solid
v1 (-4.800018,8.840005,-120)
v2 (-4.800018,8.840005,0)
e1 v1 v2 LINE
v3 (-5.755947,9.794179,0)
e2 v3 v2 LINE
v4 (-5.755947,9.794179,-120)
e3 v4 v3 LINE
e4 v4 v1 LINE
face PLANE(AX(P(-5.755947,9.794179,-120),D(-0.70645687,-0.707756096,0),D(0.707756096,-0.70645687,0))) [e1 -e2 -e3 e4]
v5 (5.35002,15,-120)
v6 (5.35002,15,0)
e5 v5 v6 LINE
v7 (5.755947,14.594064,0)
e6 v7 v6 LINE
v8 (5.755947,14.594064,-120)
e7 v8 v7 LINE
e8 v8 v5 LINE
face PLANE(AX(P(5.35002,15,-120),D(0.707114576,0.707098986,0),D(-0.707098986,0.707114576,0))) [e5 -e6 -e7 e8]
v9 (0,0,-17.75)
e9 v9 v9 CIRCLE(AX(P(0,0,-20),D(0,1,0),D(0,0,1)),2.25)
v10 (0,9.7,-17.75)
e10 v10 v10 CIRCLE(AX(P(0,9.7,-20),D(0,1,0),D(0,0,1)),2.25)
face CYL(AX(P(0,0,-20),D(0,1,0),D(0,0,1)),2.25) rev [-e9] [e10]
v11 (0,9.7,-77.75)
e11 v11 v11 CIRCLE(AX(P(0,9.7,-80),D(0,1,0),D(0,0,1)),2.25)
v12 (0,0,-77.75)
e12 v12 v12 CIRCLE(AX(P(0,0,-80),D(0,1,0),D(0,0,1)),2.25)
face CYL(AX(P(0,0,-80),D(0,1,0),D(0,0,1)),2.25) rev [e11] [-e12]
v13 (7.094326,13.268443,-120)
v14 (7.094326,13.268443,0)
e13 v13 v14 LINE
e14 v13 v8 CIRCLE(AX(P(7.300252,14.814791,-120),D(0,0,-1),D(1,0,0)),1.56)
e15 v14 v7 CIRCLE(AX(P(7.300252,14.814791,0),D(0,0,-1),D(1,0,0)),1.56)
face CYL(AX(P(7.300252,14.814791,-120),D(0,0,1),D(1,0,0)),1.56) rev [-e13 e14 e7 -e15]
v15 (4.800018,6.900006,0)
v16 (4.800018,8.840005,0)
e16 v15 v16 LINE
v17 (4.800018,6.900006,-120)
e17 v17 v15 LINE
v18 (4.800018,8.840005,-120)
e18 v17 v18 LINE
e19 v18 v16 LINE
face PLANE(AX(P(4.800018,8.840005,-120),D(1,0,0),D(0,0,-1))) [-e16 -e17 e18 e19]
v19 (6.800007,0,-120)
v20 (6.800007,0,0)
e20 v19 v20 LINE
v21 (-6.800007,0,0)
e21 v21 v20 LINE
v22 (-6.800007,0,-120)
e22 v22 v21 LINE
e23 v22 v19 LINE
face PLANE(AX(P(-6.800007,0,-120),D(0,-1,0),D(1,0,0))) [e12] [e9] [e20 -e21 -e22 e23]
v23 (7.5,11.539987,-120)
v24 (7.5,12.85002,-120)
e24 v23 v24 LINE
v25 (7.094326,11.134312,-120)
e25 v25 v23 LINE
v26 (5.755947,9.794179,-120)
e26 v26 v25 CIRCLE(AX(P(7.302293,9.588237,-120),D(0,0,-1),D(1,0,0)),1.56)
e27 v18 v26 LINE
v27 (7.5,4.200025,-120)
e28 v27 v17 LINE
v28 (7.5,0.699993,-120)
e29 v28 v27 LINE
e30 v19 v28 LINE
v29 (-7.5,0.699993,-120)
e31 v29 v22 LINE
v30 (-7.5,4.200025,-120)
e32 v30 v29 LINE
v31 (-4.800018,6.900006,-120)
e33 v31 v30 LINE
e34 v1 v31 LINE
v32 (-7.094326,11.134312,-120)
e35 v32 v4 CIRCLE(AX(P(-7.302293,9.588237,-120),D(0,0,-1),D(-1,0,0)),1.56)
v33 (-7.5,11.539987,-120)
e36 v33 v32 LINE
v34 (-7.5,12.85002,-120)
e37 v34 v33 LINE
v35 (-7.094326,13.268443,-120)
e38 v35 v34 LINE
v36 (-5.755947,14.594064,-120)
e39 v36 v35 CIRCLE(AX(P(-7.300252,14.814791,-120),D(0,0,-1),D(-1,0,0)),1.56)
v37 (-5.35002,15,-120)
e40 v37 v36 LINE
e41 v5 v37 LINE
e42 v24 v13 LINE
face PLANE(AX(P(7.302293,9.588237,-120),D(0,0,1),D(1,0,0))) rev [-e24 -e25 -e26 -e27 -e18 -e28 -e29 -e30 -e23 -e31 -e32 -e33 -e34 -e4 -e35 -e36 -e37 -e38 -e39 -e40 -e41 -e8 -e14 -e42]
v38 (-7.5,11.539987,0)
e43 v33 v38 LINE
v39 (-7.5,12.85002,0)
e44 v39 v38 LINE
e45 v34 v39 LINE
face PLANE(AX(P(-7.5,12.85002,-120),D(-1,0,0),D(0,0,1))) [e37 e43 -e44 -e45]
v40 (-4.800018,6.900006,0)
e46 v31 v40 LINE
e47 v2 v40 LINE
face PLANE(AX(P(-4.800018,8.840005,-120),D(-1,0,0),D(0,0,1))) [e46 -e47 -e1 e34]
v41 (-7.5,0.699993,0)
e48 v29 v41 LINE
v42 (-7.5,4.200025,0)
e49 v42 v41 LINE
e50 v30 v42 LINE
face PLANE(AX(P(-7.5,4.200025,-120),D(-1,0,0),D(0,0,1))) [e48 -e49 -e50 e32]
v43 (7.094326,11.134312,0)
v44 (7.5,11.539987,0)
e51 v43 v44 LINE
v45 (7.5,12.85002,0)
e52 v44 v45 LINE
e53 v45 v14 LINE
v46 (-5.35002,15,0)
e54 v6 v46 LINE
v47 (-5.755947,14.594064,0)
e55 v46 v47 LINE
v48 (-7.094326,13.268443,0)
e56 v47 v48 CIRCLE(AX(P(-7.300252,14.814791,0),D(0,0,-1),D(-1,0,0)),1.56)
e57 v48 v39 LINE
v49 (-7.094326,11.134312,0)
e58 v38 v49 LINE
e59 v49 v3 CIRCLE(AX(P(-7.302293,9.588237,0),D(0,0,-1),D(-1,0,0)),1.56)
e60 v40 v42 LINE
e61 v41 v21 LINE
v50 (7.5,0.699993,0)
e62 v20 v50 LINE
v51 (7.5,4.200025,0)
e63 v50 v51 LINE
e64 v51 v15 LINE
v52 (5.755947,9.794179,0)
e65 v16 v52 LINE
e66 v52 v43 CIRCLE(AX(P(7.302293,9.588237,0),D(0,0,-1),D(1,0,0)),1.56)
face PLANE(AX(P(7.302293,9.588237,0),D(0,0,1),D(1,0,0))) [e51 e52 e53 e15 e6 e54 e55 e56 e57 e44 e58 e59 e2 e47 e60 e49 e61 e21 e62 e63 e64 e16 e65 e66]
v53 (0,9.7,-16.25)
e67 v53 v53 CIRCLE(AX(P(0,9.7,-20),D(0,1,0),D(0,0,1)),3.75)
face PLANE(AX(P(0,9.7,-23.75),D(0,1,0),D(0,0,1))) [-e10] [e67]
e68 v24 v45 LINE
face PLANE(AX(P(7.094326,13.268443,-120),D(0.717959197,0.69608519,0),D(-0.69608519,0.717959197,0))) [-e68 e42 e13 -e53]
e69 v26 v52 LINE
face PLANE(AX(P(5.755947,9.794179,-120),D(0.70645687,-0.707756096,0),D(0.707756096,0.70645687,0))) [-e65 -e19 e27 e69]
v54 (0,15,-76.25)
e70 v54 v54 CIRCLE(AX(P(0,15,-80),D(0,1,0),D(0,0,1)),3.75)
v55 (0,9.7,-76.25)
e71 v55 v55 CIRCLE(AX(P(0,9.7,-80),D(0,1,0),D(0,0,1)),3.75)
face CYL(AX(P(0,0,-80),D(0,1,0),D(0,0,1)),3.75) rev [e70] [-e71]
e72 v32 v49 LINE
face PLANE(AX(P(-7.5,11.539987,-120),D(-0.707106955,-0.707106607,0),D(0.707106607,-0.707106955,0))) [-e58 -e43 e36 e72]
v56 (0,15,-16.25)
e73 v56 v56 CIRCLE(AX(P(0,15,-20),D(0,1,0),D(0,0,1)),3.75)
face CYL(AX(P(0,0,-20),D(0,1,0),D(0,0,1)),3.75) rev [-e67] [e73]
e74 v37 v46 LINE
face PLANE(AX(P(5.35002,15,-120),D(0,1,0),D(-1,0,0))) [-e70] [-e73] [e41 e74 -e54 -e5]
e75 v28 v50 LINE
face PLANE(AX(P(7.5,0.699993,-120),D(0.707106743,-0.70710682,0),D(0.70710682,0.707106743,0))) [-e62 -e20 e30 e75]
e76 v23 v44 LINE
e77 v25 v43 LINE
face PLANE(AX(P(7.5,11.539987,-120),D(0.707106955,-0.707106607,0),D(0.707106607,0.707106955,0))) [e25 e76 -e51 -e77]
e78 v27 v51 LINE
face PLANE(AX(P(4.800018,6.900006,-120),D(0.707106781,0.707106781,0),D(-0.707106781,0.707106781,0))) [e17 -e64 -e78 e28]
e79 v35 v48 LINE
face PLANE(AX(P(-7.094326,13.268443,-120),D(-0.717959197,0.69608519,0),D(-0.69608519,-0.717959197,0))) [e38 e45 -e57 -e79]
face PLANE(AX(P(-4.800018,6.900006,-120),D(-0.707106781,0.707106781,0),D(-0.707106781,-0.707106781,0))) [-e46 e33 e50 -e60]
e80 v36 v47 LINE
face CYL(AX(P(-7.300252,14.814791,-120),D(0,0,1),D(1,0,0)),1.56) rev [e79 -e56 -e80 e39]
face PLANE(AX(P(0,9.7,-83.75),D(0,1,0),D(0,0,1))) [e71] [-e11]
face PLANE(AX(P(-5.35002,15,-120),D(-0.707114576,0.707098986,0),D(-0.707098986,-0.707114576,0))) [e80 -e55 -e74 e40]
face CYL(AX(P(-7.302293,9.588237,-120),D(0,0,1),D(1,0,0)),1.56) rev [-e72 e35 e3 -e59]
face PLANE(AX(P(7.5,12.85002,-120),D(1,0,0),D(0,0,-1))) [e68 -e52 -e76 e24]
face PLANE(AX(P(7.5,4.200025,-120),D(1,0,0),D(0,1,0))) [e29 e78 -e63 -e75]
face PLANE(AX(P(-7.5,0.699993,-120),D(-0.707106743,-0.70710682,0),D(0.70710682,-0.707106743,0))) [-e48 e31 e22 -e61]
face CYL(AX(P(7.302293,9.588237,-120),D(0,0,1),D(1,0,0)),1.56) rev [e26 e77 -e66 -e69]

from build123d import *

# Parameters (mm, degrees)
EXTRUDE1_DEPTH  = 120
LPATTERN1_COUNT = 2
LPATTERN1_PITCH = 60


with BuildPart() as part:
    # Sketch1 → Extrude1 (new body)
    with BuildSketch(Plane(origin=(-20, 0, 0), x_dir=(1, 0, 0), z_dir=(0, 0, 1))):
        with BuildLine():
            Line((12.5, 0.69999271), (13.199992786, 0))
            Line((13.199992786, 0), (26.800007214, 0))
            Line((26.800007214, 0), (27.5, 0.69999271))
            Line((27.5, 0.69999271), (27.5, 4.2000246))
            Line((27.5, 4.2000246), (24.8000183, 6.9000063))
            Line((24.8000183, 6.9000063), (24.8000183, 8.8400054))
            Line((24.8000183, 8.8400054), (25.755946813, 9.794179118))
            ThreePointArc((25.755946813, 9.794179118), (26.198484624, 10.690600567), (27.09432569, 11.13431209))
            Line((27.09432569, 11.13431209), (27.5, 11.5399866))
            Line((27.5, 11.5399866), (27.5, 12.8500204))
            Line((27.5, 12.8500204), (27.09432569, 13.268442751))
            ThreePointArc((27.09432569, 13.268442751), (26.202460867, 13.706434947), (25.755946813, 14.594063938))
            Line((25.755946813, 14.594063938), (25.3500197, 15))
            Line((25.3500197, 15), (14.6499803, 15))
            Line((14.6499803, 15), (14.244053187, 14.594063938))
            ThreePointArc((14.244053187, 14.594063938), (13.797539133, 13.706434947), (12.90567431, 13.268442751))
            Line((12.90567431, 13.268442751), (12.5, 12.8500204))
            Line((12.5, 12.8500204), (12.5, 11.5399866))
            Line((12.5, 11.5399866), (12.90567431, 11.13431209))
            ThreePointArc((12.90567431, 11.13431209), (13.801515376, 10.690600567), (14.244053187, 9.794179118))
            Line((14.244053187, 9.794179118), (15.1999817, 8.8400054))
            Line((15.1999817, 8.8400054), (15.1999817, 6.9000063))
            Line((15.1999817, 6.9000063), (12.5, 4.2000246))
            Line((12.5, 4.2000246), (12.5, 0.69999271))
        make_face()
    extrude(amount=-EXTRUDE1_DEPTH)

    # Sketch2 → Cut-Revolve1 (revolve, cut)
    with BuildSketch(Plane(origin=(0, 0, 0), x_dir=(0, 0, -1), z_dir=(1, 0, 0))):
        Polygon((20, 15), (23.75, 15), (23.75, 9.7), (22.25, 9.7), (22.25, 0), (20, 0), align=None)
    cut_revolve1 = revolve(axis=Axis((0, 0, -20), (0, 1, 0)), mode=Mode.SUBTRACT)

    # LPattern1: Cut-Revolve1 ×2
    with Locations(*[(0, 0, -i * LPATTERN1_PITCH) for i in range(1, LPATTERN1_COUNT)]):
        add(cut_revolve1, mode=Mode.SUBTRACT)


solid = part.part
